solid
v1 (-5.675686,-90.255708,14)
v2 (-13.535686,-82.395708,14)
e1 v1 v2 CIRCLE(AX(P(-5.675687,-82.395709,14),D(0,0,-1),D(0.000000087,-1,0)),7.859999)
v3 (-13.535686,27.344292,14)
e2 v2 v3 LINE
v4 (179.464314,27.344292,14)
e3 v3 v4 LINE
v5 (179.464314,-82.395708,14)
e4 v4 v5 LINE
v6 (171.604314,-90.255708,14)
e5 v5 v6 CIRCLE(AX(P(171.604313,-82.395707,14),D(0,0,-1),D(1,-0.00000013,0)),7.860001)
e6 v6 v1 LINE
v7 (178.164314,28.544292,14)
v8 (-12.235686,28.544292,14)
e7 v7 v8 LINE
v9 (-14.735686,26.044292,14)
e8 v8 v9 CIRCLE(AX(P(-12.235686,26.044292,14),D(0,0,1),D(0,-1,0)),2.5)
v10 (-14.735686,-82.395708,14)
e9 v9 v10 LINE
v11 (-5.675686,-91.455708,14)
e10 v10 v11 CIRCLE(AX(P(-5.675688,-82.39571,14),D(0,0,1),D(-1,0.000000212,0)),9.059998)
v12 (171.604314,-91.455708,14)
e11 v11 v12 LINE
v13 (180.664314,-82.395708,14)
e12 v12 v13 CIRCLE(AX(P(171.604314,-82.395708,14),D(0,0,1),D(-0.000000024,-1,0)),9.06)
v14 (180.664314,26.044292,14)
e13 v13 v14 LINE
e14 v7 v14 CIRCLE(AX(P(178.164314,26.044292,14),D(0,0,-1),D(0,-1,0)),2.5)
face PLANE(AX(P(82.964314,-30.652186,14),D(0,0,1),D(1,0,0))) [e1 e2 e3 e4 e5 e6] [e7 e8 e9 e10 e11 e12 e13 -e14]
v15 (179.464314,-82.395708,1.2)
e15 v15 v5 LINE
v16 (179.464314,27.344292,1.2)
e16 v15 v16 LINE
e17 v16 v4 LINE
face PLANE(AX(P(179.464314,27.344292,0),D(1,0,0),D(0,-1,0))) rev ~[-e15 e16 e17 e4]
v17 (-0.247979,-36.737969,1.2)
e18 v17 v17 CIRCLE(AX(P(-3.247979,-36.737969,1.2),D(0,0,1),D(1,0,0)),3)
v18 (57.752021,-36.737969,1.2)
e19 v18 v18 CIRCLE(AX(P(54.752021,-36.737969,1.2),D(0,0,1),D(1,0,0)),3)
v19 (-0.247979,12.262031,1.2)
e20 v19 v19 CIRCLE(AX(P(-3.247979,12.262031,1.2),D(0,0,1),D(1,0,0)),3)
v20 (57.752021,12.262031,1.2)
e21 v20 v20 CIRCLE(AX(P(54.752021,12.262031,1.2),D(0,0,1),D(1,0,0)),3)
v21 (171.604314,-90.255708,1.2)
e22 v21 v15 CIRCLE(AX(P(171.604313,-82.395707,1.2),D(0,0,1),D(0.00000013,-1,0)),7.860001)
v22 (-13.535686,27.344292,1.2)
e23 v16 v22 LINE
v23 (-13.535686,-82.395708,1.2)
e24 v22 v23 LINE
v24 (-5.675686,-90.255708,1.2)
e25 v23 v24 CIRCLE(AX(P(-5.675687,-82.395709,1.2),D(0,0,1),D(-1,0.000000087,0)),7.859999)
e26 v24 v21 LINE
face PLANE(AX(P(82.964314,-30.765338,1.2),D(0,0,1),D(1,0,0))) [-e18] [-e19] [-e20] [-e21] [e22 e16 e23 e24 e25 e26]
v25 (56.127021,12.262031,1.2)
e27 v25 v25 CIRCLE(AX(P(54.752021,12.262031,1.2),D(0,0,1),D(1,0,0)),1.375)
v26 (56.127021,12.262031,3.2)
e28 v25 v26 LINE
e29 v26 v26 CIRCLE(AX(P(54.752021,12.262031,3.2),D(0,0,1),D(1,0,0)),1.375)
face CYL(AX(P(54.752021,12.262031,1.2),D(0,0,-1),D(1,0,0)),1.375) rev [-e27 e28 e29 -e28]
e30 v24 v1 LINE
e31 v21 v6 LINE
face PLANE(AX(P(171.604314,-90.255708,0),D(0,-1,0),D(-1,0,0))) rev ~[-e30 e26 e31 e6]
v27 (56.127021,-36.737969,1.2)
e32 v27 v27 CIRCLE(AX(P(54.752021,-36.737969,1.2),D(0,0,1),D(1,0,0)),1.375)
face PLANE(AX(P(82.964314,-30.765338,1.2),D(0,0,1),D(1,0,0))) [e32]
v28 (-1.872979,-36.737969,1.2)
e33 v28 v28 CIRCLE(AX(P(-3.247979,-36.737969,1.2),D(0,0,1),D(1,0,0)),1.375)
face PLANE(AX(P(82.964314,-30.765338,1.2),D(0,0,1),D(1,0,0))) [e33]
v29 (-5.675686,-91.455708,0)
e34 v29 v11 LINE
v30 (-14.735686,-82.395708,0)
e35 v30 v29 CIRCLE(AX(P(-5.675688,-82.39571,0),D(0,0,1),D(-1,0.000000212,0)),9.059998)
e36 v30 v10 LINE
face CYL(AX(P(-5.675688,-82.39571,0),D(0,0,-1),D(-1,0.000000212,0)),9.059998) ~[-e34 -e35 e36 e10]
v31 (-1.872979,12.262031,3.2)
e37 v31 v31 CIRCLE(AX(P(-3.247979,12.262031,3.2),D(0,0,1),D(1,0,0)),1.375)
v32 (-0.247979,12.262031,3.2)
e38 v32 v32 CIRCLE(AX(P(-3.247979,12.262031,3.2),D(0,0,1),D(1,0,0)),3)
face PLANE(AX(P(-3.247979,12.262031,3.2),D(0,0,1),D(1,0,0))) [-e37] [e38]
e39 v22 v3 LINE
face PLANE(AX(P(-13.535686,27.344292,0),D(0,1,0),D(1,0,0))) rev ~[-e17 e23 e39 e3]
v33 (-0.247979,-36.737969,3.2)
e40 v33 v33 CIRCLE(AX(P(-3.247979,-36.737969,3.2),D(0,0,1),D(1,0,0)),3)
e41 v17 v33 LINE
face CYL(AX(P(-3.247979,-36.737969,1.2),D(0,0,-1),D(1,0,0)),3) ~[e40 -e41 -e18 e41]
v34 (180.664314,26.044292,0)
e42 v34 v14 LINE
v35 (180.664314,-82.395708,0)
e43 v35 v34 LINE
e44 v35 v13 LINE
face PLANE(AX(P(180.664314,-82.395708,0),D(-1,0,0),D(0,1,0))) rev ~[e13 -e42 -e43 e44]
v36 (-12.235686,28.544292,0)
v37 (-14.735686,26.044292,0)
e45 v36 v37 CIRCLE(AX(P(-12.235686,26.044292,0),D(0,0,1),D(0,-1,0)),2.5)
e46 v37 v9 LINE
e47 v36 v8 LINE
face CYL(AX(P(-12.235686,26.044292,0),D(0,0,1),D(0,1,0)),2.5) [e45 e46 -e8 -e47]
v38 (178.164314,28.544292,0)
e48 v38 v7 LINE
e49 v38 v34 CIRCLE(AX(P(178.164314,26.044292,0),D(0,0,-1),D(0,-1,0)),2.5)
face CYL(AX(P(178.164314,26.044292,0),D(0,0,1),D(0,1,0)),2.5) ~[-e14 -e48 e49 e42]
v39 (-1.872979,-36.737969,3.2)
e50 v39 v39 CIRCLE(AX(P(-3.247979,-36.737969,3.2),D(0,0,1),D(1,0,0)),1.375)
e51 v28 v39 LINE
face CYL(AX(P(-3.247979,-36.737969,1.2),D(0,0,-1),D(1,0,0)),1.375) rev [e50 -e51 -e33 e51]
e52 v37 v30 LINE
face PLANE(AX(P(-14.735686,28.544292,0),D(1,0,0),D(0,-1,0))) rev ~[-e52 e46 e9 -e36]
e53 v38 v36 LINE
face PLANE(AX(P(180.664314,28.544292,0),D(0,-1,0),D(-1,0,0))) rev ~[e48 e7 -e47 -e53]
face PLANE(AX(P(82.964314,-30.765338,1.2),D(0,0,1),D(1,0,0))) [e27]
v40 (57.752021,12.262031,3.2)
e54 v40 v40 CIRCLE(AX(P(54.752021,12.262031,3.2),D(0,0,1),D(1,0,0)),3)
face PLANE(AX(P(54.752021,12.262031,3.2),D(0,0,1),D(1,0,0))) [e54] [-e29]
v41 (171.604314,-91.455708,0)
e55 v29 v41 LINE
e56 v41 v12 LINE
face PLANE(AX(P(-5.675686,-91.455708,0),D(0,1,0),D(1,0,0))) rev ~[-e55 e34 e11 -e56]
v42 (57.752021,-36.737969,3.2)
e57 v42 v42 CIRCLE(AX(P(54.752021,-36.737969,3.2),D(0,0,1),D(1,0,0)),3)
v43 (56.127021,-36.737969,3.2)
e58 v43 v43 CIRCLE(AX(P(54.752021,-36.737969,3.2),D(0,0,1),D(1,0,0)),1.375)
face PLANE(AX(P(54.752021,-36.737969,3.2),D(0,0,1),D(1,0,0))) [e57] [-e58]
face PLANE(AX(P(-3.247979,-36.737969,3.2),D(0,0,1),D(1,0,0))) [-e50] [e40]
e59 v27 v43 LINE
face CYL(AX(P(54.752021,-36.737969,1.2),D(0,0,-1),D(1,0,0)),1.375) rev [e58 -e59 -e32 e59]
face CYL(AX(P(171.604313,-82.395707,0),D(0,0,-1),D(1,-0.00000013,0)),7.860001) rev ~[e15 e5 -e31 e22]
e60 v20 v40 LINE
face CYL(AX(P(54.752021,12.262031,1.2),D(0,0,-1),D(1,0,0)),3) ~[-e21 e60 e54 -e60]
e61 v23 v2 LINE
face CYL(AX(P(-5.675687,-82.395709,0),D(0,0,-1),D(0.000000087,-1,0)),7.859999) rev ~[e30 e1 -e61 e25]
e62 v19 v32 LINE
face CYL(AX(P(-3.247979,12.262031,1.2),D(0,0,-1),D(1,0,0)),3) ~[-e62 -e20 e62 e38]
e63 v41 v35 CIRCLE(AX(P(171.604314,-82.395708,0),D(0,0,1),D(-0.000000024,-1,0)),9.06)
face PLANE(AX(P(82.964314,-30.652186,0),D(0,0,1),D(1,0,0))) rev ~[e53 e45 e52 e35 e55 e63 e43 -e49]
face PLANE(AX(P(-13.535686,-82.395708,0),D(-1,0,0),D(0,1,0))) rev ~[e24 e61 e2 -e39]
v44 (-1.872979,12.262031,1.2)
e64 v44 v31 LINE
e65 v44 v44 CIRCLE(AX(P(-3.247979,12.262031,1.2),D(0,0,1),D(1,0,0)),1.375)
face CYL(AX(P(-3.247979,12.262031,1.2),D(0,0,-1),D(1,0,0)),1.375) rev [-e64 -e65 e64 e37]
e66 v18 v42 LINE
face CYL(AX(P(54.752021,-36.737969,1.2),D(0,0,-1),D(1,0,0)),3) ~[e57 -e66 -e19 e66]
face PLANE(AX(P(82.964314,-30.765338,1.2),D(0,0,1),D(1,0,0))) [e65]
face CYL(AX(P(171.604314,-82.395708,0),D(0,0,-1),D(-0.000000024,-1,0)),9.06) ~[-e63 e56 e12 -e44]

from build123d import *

# Parameters (mm, degrees)
F1_DEPTH = 1.2
F2_DEPTH = 14
F3_R     = 2.5
F4_R     = 3
F4_R_2   = 1.375
F5_DEPTH = 2


with BuildPart() as f1:
    # F0 (on Top) → F1 (new body)
    with BuildSketch(Plane.XY):
        with BuildLine():
            Line((179.464314, 27.344292), (-13.535686, 27.344292))
            Line((-13.535686, 27.344292), (-13.535686, -82.395708))
            ThreePointArc((-13.535686, -82.395708), (-11.233546, -87.953567), (-5.675686, -90.255708))
            Line((-5.675686, -90.255708), (171.604314, -90.255708))
            ThreePointArc((171.604314, -90.255708), (177.162173, -87.953567), (179.464314, -82.395708))
            Line((179.464314, -82.395708), (179.464314, 27.344292))
        make_face()
    extrude(amount=F1_DEPTH)

    # F0 (on Top) → F2 (join)
    with BuildSketch(Plane.XY):
        with BuildLine():
            Line((180.664314, 28.544292), (-14.735686, 28.544292))
            Line((-14.735686, 28.544292), (-14.735686, -82.395708))
            ThreePointArc((-14.735686, -82.395708), (-12.082074, -88.802096), (-5.675686, -91.455708))
            Line((-5.675686, -91.455708), (171.604314, -91.455708))
            ThreePointArc((171.604314, -91.455708), (178.010701, -88.802096), (180.664314, -82.395708))
            Line((180.664314, -82.395708), (180.664314, 28.544292))
        make_face()
        with BuildLine():
            Line((-13.535686, -82.395708), (-13.535686, 27.344292))
            Line((-13.535686, 27.344292), (179.464314, 27.344292))
            Line((179.464314, 27.344292), (179.464314, -82.395708))
            ThreePointArc((179.464314, -82.395708), (177.162173, -87.953567), (171.604314, -90.255708))
            Line((171.604314, -90.255708), (-5.675686, -90.255708))
            ThreePointArc((-5.675686, -90.255708), (-11.233546, -87.953567), (-13.535686, -82.395708))
        make_face(mode=Mode.SUBTRACT)
    extrude(amount=F2_DEPTH)

    # F3
    f3_edges = [f1.edges().sort_by_distance(p)[0] for p in [
        (-14.735686, 28.544292, 7),
        (180.664314, 28.544292, 7),
    ]]
    fillet(f3_edges, radius=F3_R)

    # F4 (on face) → F5 (join)
    with BuildSketch(Plane.XY.offset(1.2)):
        with Locations((-3.247979, -36.737969)):
            Circle(F4_R)
        with Locations((-3.247979, -36.737969)):
            Circle(F4_R_2, mode=Mode.SUBTRACT)
        with Locations((54.752021, -36.737969)):
            Circle(F4_R)
        with Locations((54.752021, -36.737969)):
            Circle(F4_R_2, mode=Mode.SUBTRACT)
        with Locations((54.752021, 12.262031)):
            Circle(F4_R)
        with Locations((54.752021, 12.262031)):
            Circle(F4_R_2, mode=Mode.SUBTRACT)
        with Locations((-3.247979, 12.262031)):
            Circle(F4_R)
        with Locations((-3.247979, 12.262031)):
            Circle(F4_R_2, mode=Mode.SUBTRACT)
    extrude(amount=F5_DEPTH)


solid = f1.part
